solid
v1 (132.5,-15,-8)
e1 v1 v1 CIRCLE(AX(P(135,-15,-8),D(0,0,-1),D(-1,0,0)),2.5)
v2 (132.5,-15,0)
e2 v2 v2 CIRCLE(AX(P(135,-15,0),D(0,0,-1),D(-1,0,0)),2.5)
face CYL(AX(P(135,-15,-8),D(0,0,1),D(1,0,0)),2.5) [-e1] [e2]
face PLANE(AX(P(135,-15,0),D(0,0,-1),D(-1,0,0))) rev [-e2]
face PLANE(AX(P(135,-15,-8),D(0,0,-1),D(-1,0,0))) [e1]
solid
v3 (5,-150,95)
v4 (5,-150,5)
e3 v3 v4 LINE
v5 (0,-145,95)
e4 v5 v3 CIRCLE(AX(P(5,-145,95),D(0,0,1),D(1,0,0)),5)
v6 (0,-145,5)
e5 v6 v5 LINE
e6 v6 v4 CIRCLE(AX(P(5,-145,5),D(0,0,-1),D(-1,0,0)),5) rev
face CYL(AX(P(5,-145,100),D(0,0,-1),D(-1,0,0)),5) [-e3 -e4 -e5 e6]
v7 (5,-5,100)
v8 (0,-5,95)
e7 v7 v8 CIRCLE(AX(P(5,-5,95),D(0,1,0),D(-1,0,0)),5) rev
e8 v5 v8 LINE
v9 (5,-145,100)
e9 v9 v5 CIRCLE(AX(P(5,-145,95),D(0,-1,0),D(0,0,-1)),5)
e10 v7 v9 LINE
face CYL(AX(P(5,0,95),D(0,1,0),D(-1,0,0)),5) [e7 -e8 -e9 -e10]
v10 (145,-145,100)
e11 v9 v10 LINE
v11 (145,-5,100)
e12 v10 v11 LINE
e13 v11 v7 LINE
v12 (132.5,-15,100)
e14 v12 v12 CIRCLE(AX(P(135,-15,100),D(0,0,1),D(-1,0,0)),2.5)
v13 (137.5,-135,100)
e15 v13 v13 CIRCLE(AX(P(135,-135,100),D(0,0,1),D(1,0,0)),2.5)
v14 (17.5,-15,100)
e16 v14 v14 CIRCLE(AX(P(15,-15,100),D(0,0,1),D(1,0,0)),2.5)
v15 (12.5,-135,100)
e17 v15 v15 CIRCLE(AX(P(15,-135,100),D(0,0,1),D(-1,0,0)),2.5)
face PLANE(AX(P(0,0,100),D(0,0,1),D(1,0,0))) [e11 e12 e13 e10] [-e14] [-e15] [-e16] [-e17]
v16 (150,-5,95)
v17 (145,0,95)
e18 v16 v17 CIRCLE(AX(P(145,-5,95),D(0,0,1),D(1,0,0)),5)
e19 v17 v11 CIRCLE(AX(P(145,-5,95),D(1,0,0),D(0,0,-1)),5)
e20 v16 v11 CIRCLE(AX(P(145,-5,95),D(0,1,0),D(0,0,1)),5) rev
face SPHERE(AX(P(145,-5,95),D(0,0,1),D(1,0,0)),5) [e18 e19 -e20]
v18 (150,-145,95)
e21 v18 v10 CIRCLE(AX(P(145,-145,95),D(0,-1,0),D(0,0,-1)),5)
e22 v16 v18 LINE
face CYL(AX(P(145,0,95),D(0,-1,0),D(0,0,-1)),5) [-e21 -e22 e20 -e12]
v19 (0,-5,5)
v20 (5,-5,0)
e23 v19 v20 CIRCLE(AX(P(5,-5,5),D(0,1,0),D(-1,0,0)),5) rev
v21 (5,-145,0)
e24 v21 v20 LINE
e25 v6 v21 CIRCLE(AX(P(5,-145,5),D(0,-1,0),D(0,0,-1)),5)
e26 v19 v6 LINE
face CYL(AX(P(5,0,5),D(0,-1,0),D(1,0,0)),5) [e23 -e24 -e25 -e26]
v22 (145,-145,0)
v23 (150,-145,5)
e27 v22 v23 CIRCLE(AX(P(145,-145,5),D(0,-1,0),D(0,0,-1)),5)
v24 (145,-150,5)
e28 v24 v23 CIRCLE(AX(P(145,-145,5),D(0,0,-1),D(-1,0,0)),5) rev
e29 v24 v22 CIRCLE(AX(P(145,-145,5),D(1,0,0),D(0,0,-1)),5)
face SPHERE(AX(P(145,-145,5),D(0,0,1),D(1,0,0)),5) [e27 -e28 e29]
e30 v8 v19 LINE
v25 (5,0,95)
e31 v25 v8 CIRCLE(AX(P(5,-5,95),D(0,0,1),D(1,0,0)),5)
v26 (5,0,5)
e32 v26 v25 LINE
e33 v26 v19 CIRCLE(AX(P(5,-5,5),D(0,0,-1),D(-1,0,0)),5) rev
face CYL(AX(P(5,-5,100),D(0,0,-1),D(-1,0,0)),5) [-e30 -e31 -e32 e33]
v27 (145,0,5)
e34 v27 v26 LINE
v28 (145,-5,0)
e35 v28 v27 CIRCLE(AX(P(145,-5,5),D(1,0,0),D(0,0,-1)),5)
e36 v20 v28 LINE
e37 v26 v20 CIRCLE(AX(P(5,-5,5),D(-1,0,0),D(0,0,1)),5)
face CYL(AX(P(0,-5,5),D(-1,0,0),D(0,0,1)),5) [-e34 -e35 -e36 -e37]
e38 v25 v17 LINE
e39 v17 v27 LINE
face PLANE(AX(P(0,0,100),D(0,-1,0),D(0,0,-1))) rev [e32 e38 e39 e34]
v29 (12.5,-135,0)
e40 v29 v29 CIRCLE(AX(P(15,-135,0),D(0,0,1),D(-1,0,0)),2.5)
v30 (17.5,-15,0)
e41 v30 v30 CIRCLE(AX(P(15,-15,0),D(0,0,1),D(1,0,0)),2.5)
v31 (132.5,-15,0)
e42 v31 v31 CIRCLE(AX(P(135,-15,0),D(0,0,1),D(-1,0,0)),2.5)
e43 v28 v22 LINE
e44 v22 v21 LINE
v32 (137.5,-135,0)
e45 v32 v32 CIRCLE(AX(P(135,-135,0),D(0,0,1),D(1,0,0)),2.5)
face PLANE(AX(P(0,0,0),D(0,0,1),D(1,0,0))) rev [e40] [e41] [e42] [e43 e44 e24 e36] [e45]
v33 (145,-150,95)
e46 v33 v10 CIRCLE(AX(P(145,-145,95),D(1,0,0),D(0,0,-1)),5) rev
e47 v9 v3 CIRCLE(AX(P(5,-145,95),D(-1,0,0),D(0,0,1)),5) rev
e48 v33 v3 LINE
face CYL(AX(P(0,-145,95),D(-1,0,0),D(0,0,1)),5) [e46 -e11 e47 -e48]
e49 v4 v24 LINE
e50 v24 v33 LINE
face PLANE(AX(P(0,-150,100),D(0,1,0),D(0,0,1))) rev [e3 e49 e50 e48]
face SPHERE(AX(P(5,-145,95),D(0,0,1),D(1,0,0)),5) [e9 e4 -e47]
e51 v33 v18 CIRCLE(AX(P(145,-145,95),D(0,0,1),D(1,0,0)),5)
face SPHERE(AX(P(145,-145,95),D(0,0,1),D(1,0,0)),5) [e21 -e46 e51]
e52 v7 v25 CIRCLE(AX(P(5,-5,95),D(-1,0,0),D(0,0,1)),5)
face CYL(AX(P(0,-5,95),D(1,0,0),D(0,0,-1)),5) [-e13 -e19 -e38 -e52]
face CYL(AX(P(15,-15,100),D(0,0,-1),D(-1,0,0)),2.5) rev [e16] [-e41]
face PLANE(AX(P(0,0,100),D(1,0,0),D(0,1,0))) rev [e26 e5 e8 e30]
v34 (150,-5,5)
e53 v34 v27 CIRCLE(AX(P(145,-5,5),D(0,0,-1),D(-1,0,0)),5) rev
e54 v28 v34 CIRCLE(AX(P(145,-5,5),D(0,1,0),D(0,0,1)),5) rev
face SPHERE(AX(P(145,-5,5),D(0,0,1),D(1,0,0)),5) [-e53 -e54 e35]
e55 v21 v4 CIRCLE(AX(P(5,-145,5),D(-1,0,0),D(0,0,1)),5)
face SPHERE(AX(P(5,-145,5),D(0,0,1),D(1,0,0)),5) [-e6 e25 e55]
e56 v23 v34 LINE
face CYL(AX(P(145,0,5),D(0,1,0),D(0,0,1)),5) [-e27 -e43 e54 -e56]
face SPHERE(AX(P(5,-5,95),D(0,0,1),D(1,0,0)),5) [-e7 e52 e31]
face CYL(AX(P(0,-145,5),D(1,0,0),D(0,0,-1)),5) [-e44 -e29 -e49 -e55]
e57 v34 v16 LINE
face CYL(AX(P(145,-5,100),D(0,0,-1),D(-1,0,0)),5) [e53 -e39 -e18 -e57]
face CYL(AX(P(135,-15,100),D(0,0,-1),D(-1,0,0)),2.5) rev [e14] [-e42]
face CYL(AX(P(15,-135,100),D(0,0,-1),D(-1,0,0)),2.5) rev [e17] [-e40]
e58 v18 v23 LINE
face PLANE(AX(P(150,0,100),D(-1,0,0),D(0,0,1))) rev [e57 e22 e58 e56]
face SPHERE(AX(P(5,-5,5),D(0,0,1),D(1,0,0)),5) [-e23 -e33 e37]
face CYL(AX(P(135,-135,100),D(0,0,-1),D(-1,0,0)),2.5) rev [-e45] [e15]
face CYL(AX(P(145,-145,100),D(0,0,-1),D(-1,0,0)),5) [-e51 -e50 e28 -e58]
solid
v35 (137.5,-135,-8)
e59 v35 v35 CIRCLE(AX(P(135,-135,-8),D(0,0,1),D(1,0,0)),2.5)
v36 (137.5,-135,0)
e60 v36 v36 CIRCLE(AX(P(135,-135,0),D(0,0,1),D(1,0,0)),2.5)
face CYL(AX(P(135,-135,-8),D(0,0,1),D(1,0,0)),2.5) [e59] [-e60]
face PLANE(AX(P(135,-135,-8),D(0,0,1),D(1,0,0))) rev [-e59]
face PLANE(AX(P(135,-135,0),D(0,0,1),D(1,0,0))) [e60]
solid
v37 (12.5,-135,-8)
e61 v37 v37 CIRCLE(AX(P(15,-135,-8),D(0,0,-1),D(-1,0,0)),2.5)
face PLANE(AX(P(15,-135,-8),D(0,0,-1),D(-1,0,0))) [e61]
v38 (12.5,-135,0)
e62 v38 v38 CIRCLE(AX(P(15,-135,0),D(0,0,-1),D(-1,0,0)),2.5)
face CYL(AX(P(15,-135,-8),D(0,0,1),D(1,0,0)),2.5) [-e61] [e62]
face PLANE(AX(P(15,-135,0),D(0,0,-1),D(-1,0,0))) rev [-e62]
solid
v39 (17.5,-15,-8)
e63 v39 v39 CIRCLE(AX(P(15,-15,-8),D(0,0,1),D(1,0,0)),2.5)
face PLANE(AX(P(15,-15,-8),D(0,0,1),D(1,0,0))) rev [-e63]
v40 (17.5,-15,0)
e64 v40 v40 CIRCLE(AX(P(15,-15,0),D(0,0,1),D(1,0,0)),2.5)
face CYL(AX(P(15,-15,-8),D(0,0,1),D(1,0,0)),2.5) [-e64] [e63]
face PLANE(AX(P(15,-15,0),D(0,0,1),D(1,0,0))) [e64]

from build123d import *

# Parameters (mm, degrees)
SKETCH_1_W        = 150
SKETCH_1_H        = 150
SKETCH_1_R        = 2.5
EXTRUDE_1_DEPTH   = 100
FILLET_1_R        = 5
SKETCH_1_2_R      = 2.5
EXTRUDE_2_DEPTH   = 8
EXTRUDE_2_2_DEPTH = 8
EXTRUDE_2_3_DEPTH = 8
EXTRUDE_2_4_DEPTH = 8


with BuildPart() as part:
    # 스케치1 → 보스-돌출1 (new body)
    with BuildSketch(Plane.XY):
        with Locations((75, -75)):
            Rectangle(SKETCH_1_W, SKETCH_1_H)
        with Locations((15, -15)):
            Circle(SKETCH_1_R, mode=Mode.SUBTRACT)
        with Locations((15, -135)):
            Circle(SKETCH_1_R, mode=Mode.SUBTRACT)
        with Locations((135, -15)):
            Circle(SKETCH_1_R, mode=Mode.SUBTRACT)
        with Locations((135, -135)):
            Circle(SKETCH_1_R, mode=Mode.SUBTRACT)
    extrude(amount=EXTRUDE_1_DEPTH)

    # 필렛1
    fillet_1_edges = [part.edges().sort_by_distance(p)[0] for p in [
        (150, -75, 100),
        (75, 0, 100),
        (0, -75, 100),
        (75, 0, 0),
        (150, -75, 0),
        (75, -150, 0),
        (0, -75, 0),
        (75, -150, 100),
        (0, 0, 50),
        (150, 0, 50),
        (150, -150, 50),
        (0, -150, 50),
    ]]
    fillet(fillet_1_edges, radius=FILLET_1_R)


with BuildPart() as body_2:
    # 스케치1<2> → 보스-돌출2 (new body)
    with BuildSketch(Plane.XY):
        with Locations((15, -15)):
            Circle(SKETCH_1_2_R)
    extrude(amount=-EXTRUDE_2_DEPTH)


with BuildPart() as body_3:
    # 스케치1<2> → Extrude 2 2 (new body)
    with BuildSketch(Plane.XY):
        with Locations((15, -135)):
            Circle(SKETCH_1_2_R)
    extrude(amount=-EXTRUDE_2_2_DEPTH)


with BuildPart() as body_4:
    # 스케치1<2> → Extrude 2 3 (new body)
    with BuildSketch(Plane.XY):
        with Locations((135, -15)):
            Circle(SKETCH_1_2_R)
    extrude(amount=-EXTRUDE_2_3_DEPTH)


with BuildPart() as body_5:
    # 스케치1<2> → Extrude 2 4 (new body)
    with BuildSketch(Plane.XY):
        with Locations((135, -135)):
            Circle(SKETCH_1_2_R)
    extrude(amount=-EXTRUDE_2_4_DEPTH)


solid = Compound([part.part, body_2.part, body_3.part, body_4.part, body_5.part])
